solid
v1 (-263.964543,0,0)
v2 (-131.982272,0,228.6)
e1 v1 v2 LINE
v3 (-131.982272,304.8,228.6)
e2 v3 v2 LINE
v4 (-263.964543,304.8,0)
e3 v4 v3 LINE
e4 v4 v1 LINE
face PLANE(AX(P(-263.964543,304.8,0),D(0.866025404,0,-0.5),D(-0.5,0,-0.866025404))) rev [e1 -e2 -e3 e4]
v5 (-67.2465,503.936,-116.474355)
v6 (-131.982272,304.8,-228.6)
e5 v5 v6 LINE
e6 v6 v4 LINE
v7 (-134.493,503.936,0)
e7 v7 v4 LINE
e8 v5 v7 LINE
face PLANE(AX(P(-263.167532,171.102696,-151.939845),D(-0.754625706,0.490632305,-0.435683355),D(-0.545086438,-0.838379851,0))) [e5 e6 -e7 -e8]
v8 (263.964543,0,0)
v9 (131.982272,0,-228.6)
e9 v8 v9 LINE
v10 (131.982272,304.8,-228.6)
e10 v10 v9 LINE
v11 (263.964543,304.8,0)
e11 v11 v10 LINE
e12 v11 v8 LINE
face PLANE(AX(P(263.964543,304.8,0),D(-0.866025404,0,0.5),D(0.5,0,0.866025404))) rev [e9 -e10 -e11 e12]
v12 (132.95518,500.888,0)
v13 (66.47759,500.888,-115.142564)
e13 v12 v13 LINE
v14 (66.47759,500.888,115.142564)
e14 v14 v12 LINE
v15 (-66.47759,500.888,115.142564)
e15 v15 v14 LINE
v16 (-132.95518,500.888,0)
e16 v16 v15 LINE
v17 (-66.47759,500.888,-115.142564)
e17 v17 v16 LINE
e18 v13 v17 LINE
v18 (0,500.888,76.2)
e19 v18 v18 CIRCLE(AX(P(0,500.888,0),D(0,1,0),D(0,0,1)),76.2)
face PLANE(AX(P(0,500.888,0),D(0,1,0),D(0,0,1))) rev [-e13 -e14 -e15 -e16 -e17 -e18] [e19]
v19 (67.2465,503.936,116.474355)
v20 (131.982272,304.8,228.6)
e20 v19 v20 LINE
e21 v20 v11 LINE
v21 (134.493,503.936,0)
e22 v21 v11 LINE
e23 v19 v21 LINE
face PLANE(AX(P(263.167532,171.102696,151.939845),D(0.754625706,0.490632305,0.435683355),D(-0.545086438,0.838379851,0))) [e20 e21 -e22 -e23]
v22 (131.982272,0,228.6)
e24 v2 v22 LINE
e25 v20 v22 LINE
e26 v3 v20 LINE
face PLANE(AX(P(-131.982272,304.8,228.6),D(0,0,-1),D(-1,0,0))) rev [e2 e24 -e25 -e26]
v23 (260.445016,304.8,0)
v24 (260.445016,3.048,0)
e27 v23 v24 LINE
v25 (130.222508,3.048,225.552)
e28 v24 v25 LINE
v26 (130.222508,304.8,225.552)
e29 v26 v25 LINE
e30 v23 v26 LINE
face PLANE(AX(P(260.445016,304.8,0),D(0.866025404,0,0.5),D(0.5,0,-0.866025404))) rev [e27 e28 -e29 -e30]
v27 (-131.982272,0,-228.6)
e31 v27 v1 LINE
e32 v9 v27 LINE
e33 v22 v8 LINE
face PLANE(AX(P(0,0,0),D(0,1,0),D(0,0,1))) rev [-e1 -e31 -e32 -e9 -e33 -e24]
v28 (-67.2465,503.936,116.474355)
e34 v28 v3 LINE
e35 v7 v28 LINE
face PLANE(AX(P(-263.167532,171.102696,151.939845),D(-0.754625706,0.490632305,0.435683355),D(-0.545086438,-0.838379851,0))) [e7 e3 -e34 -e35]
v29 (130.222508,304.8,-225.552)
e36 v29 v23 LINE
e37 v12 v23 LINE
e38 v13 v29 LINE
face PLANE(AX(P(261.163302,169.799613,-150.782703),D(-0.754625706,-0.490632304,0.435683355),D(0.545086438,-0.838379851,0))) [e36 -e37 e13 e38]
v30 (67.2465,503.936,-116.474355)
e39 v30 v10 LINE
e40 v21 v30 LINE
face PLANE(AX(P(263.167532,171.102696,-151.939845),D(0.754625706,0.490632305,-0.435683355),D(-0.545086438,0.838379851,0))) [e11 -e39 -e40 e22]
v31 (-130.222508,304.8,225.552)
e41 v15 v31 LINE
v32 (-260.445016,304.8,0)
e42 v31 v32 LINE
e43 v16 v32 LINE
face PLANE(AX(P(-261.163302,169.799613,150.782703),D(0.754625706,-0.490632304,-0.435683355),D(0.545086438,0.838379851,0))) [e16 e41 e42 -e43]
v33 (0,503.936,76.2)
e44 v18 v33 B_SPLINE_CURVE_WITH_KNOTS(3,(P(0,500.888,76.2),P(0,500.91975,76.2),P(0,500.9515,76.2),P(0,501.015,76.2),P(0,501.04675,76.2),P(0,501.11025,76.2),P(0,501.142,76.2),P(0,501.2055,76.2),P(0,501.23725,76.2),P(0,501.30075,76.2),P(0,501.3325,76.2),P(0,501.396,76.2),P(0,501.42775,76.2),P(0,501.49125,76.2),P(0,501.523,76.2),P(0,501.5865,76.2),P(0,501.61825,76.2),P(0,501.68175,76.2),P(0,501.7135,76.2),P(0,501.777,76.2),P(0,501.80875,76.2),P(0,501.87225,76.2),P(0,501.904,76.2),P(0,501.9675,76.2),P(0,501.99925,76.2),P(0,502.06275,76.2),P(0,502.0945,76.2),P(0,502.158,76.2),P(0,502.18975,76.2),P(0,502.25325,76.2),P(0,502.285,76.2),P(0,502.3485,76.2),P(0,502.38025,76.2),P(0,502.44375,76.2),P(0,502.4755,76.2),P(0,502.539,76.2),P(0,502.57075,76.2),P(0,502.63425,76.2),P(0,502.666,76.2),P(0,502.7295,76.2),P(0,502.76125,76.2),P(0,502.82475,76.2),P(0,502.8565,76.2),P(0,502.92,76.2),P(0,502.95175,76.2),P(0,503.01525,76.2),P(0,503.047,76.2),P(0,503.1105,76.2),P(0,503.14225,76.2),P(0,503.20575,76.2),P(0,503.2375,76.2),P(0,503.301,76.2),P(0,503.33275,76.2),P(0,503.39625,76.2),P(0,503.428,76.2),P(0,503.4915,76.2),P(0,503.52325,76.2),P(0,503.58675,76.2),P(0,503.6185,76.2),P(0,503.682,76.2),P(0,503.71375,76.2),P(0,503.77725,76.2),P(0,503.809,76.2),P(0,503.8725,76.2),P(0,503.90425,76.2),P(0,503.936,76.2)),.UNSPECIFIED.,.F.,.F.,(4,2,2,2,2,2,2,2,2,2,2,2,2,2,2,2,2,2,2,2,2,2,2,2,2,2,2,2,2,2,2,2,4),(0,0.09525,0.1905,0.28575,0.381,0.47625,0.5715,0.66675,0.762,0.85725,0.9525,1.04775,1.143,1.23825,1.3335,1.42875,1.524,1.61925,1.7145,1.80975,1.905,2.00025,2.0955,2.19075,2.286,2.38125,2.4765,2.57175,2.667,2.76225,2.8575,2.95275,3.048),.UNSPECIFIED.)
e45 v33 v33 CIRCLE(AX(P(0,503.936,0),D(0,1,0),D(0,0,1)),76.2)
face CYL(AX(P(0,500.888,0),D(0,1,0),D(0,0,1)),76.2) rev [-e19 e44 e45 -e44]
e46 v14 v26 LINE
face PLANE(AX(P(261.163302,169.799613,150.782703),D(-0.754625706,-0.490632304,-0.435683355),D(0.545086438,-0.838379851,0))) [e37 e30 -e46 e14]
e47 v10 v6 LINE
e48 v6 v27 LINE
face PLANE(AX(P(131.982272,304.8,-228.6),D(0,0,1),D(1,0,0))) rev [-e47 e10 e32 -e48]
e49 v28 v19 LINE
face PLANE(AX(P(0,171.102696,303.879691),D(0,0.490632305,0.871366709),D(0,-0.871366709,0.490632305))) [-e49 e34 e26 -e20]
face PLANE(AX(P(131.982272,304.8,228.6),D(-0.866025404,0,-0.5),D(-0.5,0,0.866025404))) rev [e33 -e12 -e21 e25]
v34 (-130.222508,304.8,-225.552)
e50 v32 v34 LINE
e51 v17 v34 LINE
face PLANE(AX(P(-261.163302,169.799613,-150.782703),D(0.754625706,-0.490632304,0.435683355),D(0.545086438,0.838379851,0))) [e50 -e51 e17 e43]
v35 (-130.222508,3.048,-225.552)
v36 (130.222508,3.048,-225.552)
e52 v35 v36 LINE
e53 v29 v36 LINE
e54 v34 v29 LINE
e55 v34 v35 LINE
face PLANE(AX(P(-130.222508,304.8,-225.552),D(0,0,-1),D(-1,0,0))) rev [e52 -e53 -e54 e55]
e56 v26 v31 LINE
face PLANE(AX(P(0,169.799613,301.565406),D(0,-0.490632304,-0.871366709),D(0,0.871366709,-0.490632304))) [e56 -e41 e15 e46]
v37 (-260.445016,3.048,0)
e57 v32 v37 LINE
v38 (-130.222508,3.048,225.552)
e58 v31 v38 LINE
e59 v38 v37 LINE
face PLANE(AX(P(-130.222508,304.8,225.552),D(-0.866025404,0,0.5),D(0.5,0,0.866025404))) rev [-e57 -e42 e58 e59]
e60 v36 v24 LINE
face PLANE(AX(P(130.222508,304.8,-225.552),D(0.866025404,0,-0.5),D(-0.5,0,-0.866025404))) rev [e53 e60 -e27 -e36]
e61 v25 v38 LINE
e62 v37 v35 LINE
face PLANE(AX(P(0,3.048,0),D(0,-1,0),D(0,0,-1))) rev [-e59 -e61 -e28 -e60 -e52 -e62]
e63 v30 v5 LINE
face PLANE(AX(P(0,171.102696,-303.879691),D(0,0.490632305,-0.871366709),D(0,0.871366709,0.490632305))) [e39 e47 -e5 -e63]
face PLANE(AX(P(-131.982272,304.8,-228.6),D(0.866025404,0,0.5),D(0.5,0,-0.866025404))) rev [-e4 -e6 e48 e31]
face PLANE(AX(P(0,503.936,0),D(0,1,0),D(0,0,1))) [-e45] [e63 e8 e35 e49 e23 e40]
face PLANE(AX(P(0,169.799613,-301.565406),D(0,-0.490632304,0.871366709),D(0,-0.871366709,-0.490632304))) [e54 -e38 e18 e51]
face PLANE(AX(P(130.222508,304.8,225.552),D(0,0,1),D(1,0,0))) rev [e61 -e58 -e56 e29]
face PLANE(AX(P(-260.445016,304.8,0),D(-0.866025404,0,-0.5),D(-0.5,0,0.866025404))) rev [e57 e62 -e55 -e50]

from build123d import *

# Parameters (mm, degrees)
BOSS_EXTRUDE2_DEPTH = 304.8
CUT_EXTRUDE1_DEPTH  = 304.8
BOSS_EXTRUDE3_DEPTH = 3.048
SKETCH11_R          = 76.2
CUT_EXTRUDE2_DEPTH  = 3.048
BOSS_EXTRUDE4_DEPTH = 3.048


with BuildPart() as part:
    # Sketch4 → Boss-Extrude2 (new body)
    with BuildSketch(Plane(origin=(0, 0, 0), x_dir=(1, 0, 0), z_dir=(0, 1, 0))):
        Polygon((263.964543073, 0), (131.982271537, 228.6), (-131.982271537, 228.6), (-263.964543073, 0), (-131.982271537, -228.6), (131.982271537, -228.6), align=None)
    extrude(amount=BOSS_EXTRUDE2_DEPTH)

    # Sketch5 → section 0 of loft1
    with BuildSketch(Plane(origin=(0, 503.936, 0), x_dir=(1, 0, 0), z_dir=(0, 1, 0)), mode=Mode.PRIVATE) as loft1_s0:
        with BuildLine():
            Line((134.493, 0), (67.2465, 116.474354631))
            Line((67.2465, 116.474354631), (-67.2465, 116.474354631))
            Line((-67.2465, 116.474354631), (-134.493, 0))
            Line((-134.493, 0), (-67.2465, -116.474354631))
            Line((-67.2465, -116.474354631), (67.2465, -116.474354631))
            Line((67.2465, -116.474354631), (134.493, 0))
        make_face()
    # loft up to a face of the part (loft1)
    loft([loft1_s0.sketch, part.faces().sort_by_distance((0, 304.8, 0))[0]])

    # Sketch7 → Cut-Extrude1 (cut)
    with BuildSketch(Plane(origin=(0, 0, 0), x_dir=(-1, 0, 0), z_dir=(0, -1, 0))):
        Polygon((-260.445015833, 0), (-130.222507916, -225.552), (130.222507916, -225.552), (260.445015833, 0), (130.222507916, 225.552), (-130.222507916, 225.552), align=None)
    extrude(amount=-CUT_EXTRUDE1_DEPTH, mode=Mode.SUBTRACT)

    # Sketch8 → section 0 of cut_loft2
    with BuildSketch(Plane(origin=(0, 503.936, 0), x_dir=(1, 0, 0), z_dir=(0, 1, 0)), mode=Mode.PRIVATE) as cut_loft2_s0:
        with BuildLine():
            Line((130.973472817, 0), (65.486736408, 113.426354681))
            Line((65.486736408, 113.426354681), (-65.486736408, 113.426354681))
            Line((-65.486736408, 113.426354681), (-130.973472817, 0))
            Line((-130.973472817, 0), (-65.486736408, -113.426354681))
            Line((-65.486736408, -113.426354681), (65.486736408, -113.426354681))
            Line((65.486736408, -113.426354681), (130.973472817, 0))
        make_face()
    # loft up to a face of the part (cut_loft2)
    loft([cut_loft2_s0.sketch, part.faces().sort_by_distance((0, 304.8, 0))[0]], mode=Mode.SUBTRACT)

    # Sketch10 → Boss-Extrude3 (add)
    with BuildSketch(Plane(origin=(0, 503.936, 0), x_dir=(1, 0, 0), z_dir=(0, 1, 0))):
        Polygon((134.493, 0), (67.2465, 116.474354631), (-67.2465, 116.474354631), (-134.493, 0), (-67.2465, -116.474354631), (67.2465, -116.474354631), align=None)
    extrude(amount=-BOSS_EXTRUDE3_DEPTH)

    # Sketch11 → Cut-Extrude2 (cut)
    with BuildSketch(Plane(origin=(0, 503.936, 0), x_dir=(1, 0, 0), z_dir=(0, 1, 0))):
        with Locations(Location((0, 0, 0), (0, 0, 270))):
            Circle(SKETCH11_R)
    extrude(amount=-CUT_EXTRUDE2_DEPTH, mode=Mode.SUBTRACT)

    # Sketch13 → Boss-Extrude4 (add)
    with BuildSketch(Plane(origin=(0, 0, 0), x_dir=(-1, 0, 0), z_dir=(0, -1, 0))):
        Polygon((-260.445015833, 0), (-130.222507916, -225.552), (130.222507916, -225.552), (260.445015833, 0), (130.222507916, 225.552), (-130.222507916, 225.552), align=None)
    extrude(amount=-BOSS_EXTRUDE4_DEPTH)


solid = part.part
